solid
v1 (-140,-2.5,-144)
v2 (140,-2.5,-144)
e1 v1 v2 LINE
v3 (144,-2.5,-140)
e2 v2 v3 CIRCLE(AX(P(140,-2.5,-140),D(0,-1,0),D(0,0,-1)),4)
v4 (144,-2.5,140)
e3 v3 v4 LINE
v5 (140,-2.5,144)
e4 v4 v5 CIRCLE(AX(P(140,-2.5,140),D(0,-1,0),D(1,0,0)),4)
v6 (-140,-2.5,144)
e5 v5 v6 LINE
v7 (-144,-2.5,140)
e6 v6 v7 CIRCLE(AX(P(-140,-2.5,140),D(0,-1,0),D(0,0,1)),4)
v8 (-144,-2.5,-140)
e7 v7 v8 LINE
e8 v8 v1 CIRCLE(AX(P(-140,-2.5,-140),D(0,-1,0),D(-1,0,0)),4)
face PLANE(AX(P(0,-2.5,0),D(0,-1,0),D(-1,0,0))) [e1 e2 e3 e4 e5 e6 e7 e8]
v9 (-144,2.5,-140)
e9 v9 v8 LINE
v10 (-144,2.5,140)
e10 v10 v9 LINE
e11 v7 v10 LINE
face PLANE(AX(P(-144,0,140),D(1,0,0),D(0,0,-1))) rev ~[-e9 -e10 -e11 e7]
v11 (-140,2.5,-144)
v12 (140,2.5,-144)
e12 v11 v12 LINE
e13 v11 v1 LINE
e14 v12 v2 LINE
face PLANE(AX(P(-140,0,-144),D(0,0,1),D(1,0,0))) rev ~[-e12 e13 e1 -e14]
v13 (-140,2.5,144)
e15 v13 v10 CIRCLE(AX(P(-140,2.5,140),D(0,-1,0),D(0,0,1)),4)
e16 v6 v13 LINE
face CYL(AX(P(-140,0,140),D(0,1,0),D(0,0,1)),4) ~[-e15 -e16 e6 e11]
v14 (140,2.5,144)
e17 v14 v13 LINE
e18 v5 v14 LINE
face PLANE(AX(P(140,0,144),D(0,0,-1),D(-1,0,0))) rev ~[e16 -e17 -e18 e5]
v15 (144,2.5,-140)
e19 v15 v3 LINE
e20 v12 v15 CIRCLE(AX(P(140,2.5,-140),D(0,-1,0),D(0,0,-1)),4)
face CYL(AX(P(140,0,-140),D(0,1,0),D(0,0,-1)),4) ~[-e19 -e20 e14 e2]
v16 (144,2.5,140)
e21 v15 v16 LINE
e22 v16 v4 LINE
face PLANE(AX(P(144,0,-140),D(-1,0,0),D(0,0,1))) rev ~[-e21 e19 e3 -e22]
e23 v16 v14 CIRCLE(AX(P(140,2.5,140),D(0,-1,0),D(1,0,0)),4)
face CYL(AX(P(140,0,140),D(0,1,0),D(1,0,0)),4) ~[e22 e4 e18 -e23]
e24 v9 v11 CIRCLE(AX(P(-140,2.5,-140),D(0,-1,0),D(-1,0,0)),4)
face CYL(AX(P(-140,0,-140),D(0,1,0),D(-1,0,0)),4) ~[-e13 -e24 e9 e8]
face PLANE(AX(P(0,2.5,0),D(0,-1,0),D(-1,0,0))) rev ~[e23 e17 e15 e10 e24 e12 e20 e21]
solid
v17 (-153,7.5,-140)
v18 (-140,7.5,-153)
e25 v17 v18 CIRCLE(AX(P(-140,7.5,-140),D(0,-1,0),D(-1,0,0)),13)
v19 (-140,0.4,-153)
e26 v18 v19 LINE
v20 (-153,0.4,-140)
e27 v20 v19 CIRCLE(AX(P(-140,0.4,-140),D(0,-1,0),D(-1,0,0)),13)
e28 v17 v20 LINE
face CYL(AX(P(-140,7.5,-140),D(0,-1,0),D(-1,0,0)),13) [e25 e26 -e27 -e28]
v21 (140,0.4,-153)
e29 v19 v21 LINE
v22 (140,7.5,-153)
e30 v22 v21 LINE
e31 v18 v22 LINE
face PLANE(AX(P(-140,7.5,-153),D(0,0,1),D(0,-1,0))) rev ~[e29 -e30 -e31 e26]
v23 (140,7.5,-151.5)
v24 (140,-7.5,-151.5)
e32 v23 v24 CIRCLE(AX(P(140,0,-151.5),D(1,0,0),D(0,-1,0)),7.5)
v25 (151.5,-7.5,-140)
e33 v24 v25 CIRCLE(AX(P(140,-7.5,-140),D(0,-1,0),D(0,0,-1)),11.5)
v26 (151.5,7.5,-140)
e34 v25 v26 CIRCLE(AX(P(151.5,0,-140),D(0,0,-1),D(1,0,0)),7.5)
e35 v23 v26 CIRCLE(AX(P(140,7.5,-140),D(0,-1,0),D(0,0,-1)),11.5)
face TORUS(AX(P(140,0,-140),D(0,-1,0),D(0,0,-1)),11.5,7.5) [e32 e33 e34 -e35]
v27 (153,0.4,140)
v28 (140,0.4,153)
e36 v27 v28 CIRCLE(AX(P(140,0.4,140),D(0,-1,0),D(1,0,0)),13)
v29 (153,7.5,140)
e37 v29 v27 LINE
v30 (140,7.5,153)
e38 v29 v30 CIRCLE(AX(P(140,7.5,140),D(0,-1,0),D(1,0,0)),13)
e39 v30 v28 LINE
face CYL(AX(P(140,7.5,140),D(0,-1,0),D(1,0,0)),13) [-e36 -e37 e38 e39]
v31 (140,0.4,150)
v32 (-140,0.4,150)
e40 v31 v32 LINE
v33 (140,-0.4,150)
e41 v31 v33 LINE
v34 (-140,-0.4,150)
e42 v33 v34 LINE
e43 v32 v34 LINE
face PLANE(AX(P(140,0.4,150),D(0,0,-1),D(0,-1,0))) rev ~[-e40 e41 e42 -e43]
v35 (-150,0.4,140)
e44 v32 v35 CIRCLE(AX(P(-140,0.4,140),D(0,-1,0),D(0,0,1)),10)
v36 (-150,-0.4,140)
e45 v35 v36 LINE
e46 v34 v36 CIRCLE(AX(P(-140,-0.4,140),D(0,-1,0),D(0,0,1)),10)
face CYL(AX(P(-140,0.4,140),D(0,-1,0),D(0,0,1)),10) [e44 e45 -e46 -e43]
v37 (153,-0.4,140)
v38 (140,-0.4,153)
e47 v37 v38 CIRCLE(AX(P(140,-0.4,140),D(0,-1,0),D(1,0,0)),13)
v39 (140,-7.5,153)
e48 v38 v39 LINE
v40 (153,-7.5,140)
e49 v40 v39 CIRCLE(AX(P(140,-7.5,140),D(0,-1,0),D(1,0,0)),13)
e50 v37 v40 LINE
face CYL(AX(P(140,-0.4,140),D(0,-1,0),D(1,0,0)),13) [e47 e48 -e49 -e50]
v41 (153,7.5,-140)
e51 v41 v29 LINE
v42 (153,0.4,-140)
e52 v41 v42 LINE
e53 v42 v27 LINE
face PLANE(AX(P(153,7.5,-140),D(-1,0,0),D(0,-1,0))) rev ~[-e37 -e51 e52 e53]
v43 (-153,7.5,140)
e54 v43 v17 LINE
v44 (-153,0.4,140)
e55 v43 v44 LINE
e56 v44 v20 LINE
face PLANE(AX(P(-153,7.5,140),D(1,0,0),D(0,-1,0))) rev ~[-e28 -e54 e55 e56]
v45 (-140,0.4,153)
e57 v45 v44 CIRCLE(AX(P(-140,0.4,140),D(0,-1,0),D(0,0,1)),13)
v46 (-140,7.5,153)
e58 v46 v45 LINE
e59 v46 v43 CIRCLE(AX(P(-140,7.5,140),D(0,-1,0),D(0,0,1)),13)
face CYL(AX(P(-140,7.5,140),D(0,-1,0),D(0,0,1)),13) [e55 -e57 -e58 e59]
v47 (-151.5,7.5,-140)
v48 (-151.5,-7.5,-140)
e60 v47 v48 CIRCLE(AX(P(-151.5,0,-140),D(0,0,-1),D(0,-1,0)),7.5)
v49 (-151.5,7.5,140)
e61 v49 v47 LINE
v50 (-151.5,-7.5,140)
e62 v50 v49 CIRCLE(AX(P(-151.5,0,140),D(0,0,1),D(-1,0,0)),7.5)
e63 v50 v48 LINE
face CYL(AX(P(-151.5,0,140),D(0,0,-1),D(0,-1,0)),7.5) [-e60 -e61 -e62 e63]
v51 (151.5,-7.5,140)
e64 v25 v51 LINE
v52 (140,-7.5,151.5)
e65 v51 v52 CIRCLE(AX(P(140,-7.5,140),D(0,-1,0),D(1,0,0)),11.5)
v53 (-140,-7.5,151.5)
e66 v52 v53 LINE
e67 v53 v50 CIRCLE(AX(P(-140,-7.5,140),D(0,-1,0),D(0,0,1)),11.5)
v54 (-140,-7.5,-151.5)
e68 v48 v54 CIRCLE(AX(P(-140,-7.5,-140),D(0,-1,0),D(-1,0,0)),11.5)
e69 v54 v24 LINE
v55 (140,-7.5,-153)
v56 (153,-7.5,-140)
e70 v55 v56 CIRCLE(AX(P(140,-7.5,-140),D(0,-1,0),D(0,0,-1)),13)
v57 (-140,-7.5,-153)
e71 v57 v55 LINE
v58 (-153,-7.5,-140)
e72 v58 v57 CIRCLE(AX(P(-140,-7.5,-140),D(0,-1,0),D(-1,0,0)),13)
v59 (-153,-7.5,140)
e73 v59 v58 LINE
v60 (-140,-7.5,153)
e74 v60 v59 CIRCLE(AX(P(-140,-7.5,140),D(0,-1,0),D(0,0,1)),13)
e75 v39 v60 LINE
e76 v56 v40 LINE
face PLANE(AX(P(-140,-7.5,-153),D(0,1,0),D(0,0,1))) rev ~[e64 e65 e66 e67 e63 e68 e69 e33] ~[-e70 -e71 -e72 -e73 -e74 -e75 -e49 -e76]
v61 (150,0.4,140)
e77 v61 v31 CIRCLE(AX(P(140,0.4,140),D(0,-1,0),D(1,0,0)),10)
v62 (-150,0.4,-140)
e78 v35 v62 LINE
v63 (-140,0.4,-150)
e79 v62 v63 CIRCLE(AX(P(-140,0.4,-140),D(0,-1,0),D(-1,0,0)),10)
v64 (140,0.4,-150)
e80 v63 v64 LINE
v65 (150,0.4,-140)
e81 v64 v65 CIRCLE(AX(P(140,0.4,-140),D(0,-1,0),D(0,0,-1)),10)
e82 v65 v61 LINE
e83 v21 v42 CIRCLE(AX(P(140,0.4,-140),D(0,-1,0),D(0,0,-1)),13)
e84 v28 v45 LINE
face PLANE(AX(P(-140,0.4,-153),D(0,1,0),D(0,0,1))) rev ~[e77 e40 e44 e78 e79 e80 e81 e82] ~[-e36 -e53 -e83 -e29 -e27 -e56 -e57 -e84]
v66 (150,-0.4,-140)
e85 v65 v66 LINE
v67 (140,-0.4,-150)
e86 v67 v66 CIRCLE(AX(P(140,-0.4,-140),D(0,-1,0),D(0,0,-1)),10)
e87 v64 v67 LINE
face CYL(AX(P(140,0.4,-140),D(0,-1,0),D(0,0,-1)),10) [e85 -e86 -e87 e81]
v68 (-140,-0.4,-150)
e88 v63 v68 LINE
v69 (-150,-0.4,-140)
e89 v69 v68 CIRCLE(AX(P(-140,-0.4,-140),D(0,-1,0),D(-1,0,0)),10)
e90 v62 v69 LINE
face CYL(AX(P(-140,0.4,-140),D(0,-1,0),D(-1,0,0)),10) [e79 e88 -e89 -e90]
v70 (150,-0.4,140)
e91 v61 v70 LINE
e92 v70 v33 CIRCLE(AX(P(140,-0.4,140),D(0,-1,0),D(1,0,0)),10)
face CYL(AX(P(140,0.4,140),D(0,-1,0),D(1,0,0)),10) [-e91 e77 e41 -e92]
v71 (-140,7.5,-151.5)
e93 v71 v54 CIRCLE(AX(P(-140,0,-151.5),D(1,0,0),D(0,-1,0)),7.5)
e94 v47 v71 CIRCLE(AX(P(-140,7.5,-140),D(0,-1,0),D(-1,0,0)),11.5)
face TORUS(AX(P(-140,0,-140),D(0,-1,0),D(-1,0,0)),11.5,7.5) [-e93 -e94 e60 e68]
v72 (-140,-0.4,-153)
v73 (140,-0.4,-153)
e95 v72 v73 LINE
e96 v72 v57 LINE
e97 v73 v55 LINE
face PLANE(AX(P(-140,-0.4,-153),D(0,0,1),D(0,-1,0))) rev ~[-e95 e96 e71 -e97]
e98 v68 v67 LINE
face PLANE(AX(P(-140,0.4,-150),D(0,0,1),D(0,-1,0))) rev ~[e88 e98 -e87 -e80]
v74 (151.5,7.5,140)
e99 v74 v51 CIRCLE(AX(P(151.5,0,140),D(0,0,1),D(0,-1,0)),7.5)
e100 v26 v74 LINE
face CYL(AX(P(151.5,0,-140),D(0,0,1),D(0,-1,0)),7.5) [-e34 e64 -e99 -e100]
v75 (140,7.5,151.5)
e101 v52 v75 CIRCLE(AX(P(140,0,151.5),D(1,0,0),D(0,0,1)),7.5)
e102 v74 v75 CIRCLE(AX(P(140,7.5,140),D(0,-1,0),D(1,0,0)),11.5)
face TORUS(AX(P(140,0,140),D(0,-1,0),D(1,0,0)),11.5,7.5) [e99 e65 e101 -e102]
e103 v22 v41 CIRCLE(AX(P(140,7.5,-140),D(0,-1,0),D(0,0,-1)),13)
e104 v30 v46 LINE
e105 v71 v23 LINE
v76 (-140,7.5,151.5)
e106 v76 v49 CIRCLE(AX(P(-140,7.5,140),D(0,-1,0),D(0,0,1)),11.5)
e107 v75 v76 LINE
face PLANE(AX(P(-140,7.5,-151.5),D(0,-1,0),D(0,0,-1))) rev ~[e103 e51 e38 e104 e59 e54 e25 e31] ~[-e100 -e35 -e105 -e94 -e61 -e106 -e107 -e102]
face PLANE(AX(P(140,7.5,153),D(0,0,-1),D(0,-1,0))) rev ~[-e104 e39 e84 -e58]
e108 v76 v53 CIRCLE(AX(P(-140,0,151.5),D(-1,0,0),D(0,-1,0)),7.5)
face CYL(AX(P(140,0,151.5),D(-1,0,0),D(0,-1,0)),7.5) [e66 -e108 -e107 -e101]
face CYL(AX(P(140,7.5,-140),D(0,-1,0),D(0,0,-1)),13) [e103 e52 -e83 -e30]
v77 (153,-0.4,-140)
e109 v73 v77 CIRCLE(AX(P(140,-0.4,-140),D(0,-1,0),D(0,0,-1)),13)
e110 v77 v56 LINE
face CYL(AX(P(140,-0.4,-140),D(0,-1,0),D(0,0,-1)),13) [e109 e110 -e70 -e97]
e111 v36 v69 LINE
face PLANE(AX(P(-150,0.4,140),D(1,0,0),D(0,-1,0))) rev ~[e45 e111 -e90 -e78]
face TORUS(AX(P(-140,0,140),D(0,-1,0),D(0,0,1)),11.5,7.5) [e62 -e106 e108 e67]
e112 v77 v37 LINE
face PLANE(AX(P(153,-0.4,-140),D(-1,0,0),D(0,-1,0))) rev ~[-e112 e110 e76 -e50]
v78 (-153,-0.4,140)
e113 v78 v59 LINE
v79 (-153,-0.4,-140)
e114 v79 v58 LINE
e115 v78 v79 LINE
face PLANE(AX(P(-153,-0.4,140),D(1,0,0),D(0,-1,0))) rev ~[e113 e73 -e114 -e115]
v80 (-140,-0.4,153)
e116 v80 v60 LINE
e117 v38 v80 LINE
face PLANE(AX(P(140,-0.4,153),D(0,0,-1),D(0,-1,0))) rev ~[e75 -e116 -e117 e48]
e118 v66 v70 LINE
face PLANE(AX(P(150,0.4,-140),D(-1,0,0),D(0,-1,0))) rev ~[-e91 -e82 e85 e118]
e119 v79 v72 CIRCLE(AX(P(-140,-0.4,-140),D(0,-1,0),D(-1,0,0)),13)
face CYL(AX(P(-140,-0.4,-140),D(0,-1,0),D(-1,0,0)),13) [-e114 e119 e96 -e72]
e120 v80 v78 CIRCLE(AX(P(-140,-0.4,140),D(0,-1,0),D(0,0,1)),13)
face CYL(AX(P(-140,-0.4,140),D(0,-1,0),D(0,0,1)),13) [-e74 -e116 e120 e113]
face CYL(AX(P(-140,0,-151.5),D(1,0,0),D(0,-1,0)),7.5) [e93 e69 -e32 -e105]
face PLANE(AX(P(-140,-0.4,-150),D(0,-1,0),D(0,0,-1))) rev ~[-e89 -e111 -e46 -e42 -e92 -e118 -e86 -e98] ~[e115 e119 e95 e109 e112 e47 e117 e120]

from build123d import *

# Parameters (mm, degrees)
BOSS_EXTRUDE1_DEPTH = 2.5


with BuildPart() as part:
    # Sweep1: sweep along a path in Sketch1
    with BuildLine(Plane(origin=(0, 0, 0), x_dir=(1, 0, 0), z_dir=(0, 1, 0))) as sweep1_path:
        Line((-140, 150), (140, 150))
        ThreePointArc((140, 150), (147.071067812, 147.071067812), (150, 140))
        Line((150, 140), (150, -140))
        ThreePointArc((150, -140), (147.071067812, -147.071067812), (140, -150))
        Line((140, -150), (-140, -150))
        ThreePointArc((-140, -150), (-147.071067812, -147.071067812), (-150, -140))
        Line((-150, -140), (-150, 140))
        ThreePointArc((-150, 140), (-147.071067812, 147.071067812), (-140, 150))
    # Sketch7 → Sweep1 (sweep)
    with BuildSketch(Plane.XY):
        with BuildLine():
            Line((-150, 0.4), (-150, -0.4))
            Line((-150, -0.4), (-153, -0.4))
            Line((-153, -0.4), (-153, -7.5))
            Line((-153, -7.5), (-151.5, -7.5))
            ThreePointArc((-151.5, -7.5), (-144, 0), (-151.5, 7.5))
            Line((-151.5, 7.5), (-153, 7.5))
            Line((-153, 7.5), (-153, 0.4))
            Line((-153, 0.4), (-150, 0.4))
        make_face()
    sweep(path=sweep1_path.line)


with BuildPart() as body_2:
    # Sketch8 → Boss-Extrude1 (new, symmetric)
    with BuildSketch(Plane(origin=(0, 0, 0), x_dir=(1, 0, 0), z_dir=(0, 1, 0))):
        with BuildLine():
            Line((-144, -140), (-144, 0))
            Line((-144, 0), (-144, 140))
            ThreePointArc((-144, 140), (-142.828427125, 142.828427125), (-140, 144))
            Line((-140, 144), (140, 144))
            ThreePointArc((140, 144), (142.828427125, 142.828427125), (144, 140))
            Line((144, 140), (144, -140))
            ThreePointArc((144, -140), (142.828427125, -142.828427125), (140, -144))
            Line((140, -144), (-140, -144))
            ThreePointArc((-140, -144), (-142.828427125, -142.828427125), (-144, -140))
        make_face()
    extrude(amount=BOSS_EXTRUDE1_DEPTH, both=True)


solid = Compound([part.part, body_2.part])
